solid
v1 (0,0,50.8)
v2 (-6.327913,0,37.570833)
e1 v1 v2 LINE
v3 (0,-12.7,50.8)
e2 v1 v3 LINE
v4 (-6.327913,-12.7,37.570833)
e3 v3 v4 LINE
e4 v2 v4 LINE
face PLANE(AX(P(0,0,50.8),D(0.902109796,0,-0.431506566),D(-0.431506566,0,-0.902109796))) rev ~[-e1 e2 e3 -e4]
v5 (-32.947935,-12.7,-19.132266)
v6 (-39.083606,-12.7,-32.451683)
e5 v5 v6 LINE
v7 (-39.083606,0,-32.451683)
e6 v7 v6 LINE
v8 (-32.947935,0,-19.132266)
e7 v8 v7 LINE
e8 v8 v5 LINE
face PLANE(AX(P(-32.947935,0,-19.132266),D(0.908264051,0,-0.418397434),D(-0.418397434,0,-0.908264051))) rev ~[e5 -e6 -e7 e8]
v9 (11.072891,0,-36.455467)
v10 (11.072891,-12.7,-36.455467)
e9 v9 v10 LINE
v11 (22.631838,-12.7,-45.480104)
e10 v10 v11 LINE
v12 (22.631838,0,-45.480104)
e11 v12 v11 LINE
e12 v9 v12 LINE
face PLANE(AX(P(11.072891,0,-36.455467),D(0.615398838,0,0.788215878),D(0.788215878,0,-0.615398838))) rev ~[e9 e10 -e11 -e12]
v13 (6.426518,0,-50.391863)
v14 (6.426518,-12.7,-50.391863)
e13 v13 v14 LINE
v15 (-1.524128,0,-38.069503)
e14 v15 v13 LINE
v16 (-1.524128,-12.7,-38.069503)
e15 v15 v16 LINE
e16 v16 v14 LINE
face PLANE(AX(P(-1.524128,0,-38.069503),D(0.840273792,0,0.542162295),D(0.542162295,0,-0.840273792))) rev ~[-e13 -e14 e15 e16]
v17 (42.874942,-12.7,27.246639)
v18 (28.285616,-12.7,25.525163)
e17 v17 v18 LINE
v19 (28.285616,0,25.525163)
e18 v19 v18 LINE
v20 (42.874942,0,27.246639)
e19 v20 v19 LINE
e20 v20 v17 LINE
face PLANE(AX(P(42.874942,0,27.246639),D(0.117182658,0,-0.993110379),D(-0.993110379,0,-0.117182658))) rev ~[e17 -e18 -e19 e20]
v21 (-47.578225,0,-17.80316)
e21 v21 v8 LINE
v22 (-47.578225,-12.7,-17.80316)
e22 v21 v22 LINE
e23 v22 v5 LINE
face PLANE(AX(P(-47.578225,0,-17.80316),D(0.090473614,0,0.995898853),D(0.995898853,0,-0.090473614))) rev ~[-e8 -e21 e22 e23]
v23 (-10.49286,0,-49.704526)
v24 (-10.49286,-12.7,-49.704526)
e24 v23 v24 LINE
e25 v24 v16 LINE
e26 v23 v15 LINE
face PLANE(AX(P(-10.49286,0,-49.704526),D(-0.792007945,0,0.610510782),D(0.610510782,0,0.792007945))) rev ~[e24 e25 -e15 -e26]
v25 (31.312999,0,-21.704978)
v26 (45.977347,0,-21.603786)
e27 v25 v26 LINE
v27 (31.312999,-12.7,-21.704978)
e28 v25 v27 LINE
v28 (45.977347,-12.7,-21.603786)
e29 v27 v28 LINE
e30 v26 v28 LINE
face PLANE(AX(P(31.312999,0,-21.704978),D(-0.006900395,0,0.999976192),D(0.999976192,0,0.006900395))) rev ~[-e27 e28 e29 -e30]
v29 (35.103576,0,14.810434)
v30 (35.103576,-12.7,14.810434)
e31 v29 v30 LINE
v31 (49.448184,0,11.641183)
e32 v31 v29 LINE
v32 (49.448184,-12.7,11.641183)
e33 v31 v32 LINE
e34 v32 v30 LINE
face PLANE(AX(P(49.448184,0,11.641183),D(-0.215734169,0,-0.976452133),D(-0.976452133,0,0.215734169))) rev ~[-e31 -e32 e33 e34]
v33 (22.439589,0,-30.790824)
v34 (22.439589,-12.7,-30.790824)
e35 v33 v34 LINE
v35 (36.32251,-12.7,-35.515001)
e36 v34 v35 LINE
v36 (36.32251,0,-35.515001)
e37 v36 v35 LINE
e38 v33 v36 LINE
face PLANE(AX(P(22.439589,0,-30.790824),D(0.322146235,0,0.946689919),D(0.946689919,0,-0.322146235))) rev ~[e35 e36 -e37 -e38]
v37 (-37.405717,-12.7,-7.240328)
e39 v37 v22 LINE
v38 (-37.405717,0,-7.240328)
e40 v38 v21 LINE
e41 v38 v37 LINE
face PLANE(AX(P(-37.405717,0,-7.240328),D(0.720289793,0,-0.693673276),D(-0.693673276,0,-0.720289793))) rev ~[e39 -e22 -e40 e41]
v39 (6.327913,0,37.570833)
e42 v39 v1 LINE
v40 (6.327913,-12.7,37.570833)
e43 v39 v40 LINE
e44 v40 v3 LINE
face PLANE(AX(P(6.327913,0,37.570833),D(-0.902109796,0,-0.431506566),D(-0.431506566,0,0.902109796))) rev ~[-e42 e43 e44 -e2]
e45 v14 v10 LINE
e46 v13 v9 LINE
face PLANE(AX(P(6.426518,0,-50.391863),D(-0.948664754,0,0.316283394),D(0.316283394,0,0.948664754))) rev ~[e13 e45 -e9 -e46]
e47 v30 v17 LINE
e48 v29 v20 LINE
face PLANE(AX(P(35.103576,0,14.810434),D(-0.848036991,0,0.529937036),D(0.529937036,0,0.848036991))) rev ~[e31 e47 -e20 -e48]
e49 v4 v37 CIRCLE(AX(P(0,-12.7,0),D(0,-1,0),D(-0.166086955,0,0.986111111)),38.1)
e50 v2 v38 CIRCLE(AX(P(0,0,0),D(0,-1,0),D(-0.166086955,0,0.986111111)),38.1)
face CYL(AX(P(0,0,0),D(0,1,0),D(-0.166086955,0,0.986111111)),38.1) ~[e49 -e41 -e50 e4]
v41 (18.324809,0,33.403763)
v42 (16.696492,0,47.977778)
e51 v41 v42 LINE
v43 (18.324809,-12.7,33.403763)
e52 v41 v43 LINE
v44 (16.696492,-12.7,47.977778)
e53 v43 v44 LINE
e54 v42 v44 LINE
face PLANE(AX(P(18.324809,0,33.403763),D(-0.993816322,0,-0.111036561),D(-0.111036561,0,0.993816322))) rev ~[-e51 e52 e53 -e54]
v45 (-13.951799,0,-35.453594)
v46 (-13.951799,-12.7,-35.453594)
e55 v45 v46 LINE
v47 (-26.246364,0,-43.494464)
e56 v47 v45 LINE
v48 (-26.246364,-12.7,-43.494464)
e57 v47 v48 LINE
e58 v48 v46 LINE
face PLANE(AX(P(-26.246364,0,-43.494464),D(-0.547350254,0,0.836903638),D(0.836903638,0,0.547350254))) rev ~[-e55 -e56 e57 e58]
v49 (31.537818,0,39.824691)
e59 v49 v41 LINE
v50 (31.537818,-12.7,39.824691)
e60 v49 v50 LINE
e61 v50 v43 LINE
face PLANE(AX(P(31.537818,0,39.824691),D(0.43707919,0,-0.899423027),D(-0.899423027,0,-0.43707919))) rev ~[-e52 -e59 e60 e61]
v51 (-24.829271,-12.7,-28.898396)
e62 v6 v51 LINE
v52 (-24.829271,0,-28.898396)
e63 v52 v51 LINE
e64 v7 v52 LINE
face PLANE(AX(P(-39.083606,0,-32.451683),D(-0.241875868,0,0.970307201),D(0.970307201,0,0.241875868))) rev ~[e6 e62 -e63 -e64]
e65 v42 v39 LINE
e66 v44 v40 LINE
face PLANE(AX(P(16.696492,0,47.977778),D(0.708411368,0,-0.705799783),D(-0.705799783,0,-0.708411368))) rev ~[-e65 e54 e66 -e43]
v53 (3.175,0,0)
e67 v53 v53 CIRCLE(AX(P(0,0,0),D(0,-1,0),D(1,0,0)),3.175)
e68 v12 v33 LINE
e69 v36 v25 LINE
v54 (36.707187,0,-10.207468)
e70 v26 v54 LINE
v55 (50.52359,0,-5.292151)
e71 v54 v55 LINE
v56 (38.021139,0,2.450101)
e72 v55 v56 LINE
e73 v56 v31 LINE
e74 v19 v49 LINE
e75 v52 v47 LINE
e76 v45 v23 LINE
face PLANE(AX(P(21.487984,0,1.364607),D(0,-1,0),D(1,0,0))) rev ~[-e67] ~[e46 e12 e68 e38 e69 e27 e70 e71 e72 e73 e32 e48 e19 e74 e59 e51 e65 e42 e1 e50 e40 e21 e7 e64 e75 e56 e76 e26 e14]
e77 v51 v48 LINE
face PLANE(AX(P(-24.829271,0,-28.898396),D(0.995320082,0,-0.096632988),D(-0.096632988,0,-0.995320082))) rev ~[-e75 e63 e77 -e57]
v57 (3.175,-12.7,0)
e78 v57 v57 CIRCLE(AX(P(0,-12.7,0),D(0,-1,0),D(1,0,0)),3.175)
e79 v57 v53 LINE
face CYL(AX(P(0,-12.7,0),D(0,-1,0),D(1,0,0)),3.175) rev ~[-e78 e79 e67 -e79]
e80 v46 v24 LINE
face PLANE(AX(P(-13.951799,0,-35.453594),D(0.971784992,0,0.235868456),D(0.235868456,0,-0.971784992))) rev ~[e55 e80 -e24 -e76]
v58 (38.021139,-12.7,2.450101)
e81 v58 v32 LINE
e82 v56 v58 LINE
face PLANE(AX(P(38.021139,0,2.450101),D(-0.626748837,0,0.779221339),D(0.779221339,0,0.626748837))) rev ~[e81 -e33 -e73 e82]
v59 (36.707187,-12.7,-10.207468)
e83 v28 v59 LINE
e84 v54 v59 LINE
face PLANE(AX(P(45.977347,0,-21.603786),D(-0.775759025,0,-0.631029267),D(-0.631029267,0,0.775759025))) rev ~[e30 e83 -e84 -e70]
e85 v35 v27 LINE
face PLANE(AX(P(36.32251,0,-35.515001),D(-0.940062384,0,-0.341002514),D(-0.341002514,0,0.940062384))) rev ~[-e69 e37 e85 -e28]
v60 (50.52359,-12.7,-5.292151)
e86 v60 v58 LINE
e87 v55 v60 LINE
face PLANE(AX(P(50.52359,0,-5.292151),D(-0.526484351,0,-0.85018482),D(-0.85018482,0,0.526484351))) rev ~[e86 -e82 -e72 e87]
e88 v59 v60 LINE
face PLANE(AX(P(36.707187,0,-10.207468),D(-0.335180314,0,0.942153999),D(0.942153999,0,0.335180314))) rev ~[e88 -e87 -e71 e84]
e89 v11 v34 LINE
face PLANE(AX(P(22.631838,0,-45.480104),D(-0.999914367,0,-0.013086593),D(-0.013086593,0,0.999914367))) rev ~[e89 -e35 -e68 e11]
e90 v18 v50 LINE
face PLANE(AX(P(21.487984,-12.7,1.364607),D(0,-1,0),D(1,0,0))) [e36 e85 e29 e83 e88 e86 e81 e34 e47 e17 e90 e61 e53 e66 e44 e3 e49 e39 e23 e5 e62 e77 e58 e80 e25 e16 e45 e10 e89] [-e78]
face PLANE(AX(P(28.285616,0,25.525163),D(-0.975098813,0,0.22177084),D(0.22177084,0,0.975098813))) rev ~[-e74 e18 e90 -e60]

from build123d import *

# Parameters (mm, degrees)
F1_DEPTH = 12.7
F2_R     = 3.175
F3_DEPTH = 25.4


with BuildPart() as f1:
    # F0 (on Front) → F1 (new body)
    with BuildSketch(Plane.XZ):
        with BuildLine():
            ThreePointArc((37.8926924679, -3.9691129401), (38.0481378193, -1.9872615545), (38.1, 0))
            ThreePointArc((38.1, 0), (38.0802796265, 1.2256849392), (38.0211389202, 2.4501010613))
            ThreePointArc((38.0211389202, 2.4501010613), (37.6847159913, 5.6100071882), (37.0861377222, 8.7308870599))
            Line((37.0861377222, 8.7308870599), (0, 0))
            Line((0, 0), (37.8926924679, -3.9691129401))
        make_face()
        with BuildLine():
            ThreePointArc((38.0211389202, 2.4501010613), (38.0802796265, 1.2256849392), (38.1, 0))
            ThreePointArc((38.1, 0), (38.0481378193, -1.9872615545), (37.8926924679, -3.9691129401))
            Line((37.8926924679, -3.9691129401), (50.5235899572, -5.2921505868))
            Line((50.5235899572, -5.2921505868), (38.0211389202, 2.4501010613))
        make_face()
        with BuildLine():
            ThreePointArc((37.0861377222, 8.7308870599), (37.6847159913, 5.6100071882), (38.0211389202, 2.4501010613))
            Line((38.0211389202, 2.4501010613), (49.4481836296, 11.6411827465))
            Line((49.4481836296, 11.6411827465), (37.0861377222, 8.7308870599))
        make_face()
        with BuildLine():
            Line((50.5235899572, -5.2921505868), (37.8926924679, -3.9691129401))
            ThreePointArc((37.8926924679, -3.9691129401), (37.4301319875, -7.1130316604), (36.7071871912, -10.2074682713))
            Line((36.7071871912, -10.2074682713), (50.5235899572, -5.2921505868))
        make_face()
        with BuildLine():
            ThreePointArc((36.7071871912, -10.2074682713), (37.4301319875, -7.1130316604), (37.8926924679, -3.9691129401))
            Line((37.8926924679, -3.9691129401), (0, 0))
            Line((0, 0), (34.4830101741, -16.2028395455))
            ThreePointArc((34.4830101741, -16.2028395455), (35.7211025782, -13.2518991317), (36.7071871912, -10.2074682713))
        make_face()
        with BuildLine():
            Line((0, 0), (37.0861377222, 8.7308870599))
            ThreePointArc((37.0861377222, 8.7308870599), (36.22262987, 11.8123276834), (35.103576016, 14.8104338522))
            ThreePointArc((35.103576016, 14.8104338522), (33.7472734302, 17.6842171449), (32.1562064918, 20.4349794239))
            Line((32.1562064918, 20.4349794239), (0, 0))
        make_face()
        with BuildLine():
            ThreePointArc((35.103576016, 14.8104338522), (36.22262987, 11.8123276834), (37.0861377222, 8.7308870599))
            Line((37.0861377222, 8.7308870599), (49.4481836296, 11.6411827465))
            Line((49.4481836296, 11.6411827465), (35.103576016, 14.8104338522))
        make_face()
        with BuildLine():
            Line((45.9773468987, -21.6037860606), (36.7071871912, -10.2074682713))
            ThreePointArc((36.7071871912, -10.2074682713), (35.7211025782, -13.2518991317), (34.4830101741, -16.2028395455))
            Line((34.4830101741, -16.2028395455), (45.9773468987, -21.6037860606))
        make_face()
        with BuildLine():
            Line((-35.6836687657, -13.3523699552), (0, 0))
            Line((0, 0), (12.5223688742, 35.9833333333))
            ThreePointArc((12.5223688742, 35.9833333333), (9.4585051951, 36.9072713632), (6.3279129766, 37.5708333333))
            ThreePointArc((6.3279129766, 37.5708333333), (3.175, 37.9674778593), (0, 38.1))
            ThreePointArc((0, 38.1), (-3.175, 37.9674778593), (-6.3279129766, 37.5708333333))
            ThreePointArc((-6.3279129766, 37.5708333333), (-31.3076292243, 21.7127232827), (-37.4057167198, -7.2403284924))
            ThreePointArc((-37.4057167198, -7.2403284924), (-36.6722487771, -10.3322877248), (-35.6836687657, -13.3523699552))
        make_face()
        with BuildLine():
            Line((12.5223688742, 35.9833333333), (0, 0))
            Line((0, 0), (23.6533634291, 29.8685185185))
            ThreePointArc((23.6533634291, 29.8685185185), (21.0633861266, 31.7481301006), (18.3248093399, 33.403762702))
            ThreePointArc((18.3248093399, 33.403762702), (15.4774237877, 34.8146427943), (12.5223688742, 35.9833333333))
        make_face()
        with BuildLine():
            Line((23.6533634291, 29.8685185185), (0, 0))
            Line((0, 0), (32.1562064918, 20.4349794239))
            ThreePointArc((32.1562064918, 20.4349794239), (30.3278908217, 23.0614188268), (28.2856157767, 25.5251628816))
            ThreePointArc((28.2856157767, 25.5251628816), (26.0601338212, 27.7935140855), (23.6533634291, 29.8685185185))
        make_face()
        with BuildLine():
            Line((34.4830101741, -16.2028395455), (0, 0))
            Line((0, 0), (27.2418823053, -26.6362506458))
            ThreePointArc((27.2418823053, -26.6362506458), (29.3810806272, -24.2561765573), (31.3129991985, -21.7049782583))
            ThreePointArc((31.3129991985, -21.7049782583), (33.0128322769, -19.0200658531), (34.4830101741, -16.2028395455))
        make_face()
        with BuildLine():
            Line((27.2418823053, -26.6362506458), (0, 0))
            Line((0, 0), (16.9738786248, -34.110078341))
            ThreePointArc((16.9738786248, -34.110078341), (19.776494162, -32.5653232543), (22.4395890727, -30.7908239943))
            ThreePointArc((22.4395890727, -30.7908239943), (24.9274400911, -28.8137593955), (27.2418823053, -26.6362506458))
        make_face()
        with BuildLine():
            Line((16.9738786248, -34.110078341), (0, 0))
            Line((0, 0), (4.8198884305, -37.7938973317))
            ThreePointArc((4.8198884305, -37.7938973317), (7.9745194566, -37.2561007009), (11.0728912721, -36.4554670643))
            ThreePointArc((11.0728912721, -36.4554670643), (14.0723323397, -35.4059241162), (16.9738786248, -34.110078341))
        make_face()
        with BuildLine():
            Line((4.8198884305, -37.7938973317), (0, 0))
            Line((0, 0), (-7.8696449228, -37.2783943966))
            ThreePointArc((-7.8696449228, -37.2783943966), (-4.7135129662, -37.8073114029), (-1.5241277809, -38.0695026827))
            ThreePointArc((-1.5241277809, -38.0695026827), (1.6536321061, -38.0640972684), (4.8198884305, -37.7938973317))
        make_face()
        with BuildLine():
            Line((-7.8696449228, -37.2783943966), (0, 0))
            Line((0, 0), (-19.6847732846, -32.6208476397))
            ThreePointArc((-19.6847732846, -32.6208476397), (-16.8778217261, -34.1577097268), (-13.9517993027, -35.4535935586))
            ThreePointArc((-13.9517993027, -35.4535935586), (-10.9488050282, -36.4929262797), (-7.8696449228, -37.2783943966))
        make_face()
        with BuildLine():
            Line((-19.6847732846, -32.6208476397), (0, 0))
            Line((0, 0), (-29.3127046149, -24.3387622561))
            ThreePointArc((-29.3127046149, -24.3387622561), (-27.1668169608, -26.71280697), (-24.829270902, -28.8983962613))
            ThreePointArc((-24.829270902, -28.8983962613), (-22.3347082705, -30.8669857043), (-19.6847732846, -32.6208476397))
        make_face()
        with BuildLine():
            Line((-29.3127046149, -24.3387622561), (0, 0))
            Line((0, 0), (-35.6836687657, -13.3523699552))
            ThreePointArc((-35.6836687657, -13.3523699552), (-34.4372769777, -16.2998145498), (-32.9479346233, -19.1322660461))
            ThreePointArc((-32.9479346233, -19.1322660461), (-31.2389772605, -21.8113800507), (-29.3127046149, -24.3387622561))
        make_face()
        with BuildLine():
            ThreePointArc((32.1562064918, 20.4349794239), (33.7472734302, 17.6842171449), (35.103576016, 14.8104338522))
            Line((35.103576016, 14.8104338522), (42.8749419891, 27.2466392318))
            Line((42.8749419891, 27.2466392318), (32.1562064918, 20.4349794239))
        make_face()
        with BuildLine():
            Line((45.9773468987, -21.6037860606), (34.4830101741, -16.2028395455))
            ThreePointArc((34.4830101741, -16.2028395455), (33.0128322769, -19.0200658531), (31.3129991985, -21.7049782583))
            Line((31.3129991985, -21.7049782583), (45.9773468987, -21.6037860606))
        make_face()
        with BuildLine():
            Line((16.6964918323, 47.9777777778), (12.5223688742, 35.9833333333))
            ThreePointArc((12.5223688742, 35.9833333333), (15.4774237877, 34.8146427943), (18.3248093399, 33.403762702))
            Line((18.3248093399, 33.403762702), (16.6964918323, 47.9777777778))
        make_face()
        with BuildLine():
            ThreePointArc((6.3279129766, 37.5708333333), (9.4585051951, 36.9072713632), (12.5223688742, 35.9833333333))
            Line((12.5223688742, 35.9833333333), (16.6964918323, 47.9777777778))
            Line((16.6964918323, 47.9777777778), (6.3279129766, 37.5708333333))
        make_face()
        with BuildLine():
            Line((31.5378179055, 39.824691358), (23.6533634291, 29.8685185185))
            ThreePointArc((23.6533634291, 29.8685185185), (26.0601338212, 27.7935140855), (28.2856157767, 25.5251628816))
            Line((28.2856157767, 25.5251628816), (31.5378179055, 39.824691358))
        make_face()
        with BuildLine():
            ThreePointArc((18.3248093399, 33.403762702), (21.0633861266, 31.7481301006), (23.6533634291, 29.8685185185))
            Line((23.6533634291, 29.8685185185), (31.5378179055, 39.824691358))
            Line((31.5378179055, 39.824691358), (18.3248093399, 33.403762702))
        make_face()
        with BuildLine():
            ThreePointArc((28.2856157767, 25.5251628816), (30.3278908217, 23.0614188268), (32.1562064918, 20.4349794239))
            Line((32.1562064918, 20.4349794239), (42.8749419891, 27.2466392318))
            Line((42.8749419891, 27.2466392318), (28.2856157767, 25.5251628816))
        make_face()
        with BuildLine():
            Line((36.3225097404, -35.515000861), (27.2418823053, -26.6362506458))
            ThreePointArc((27.2418823053, -26.6362506458), (24.9274400911, -28.8137593955), (22.4395890727, -30.7908239943))
            Line((22.4395890727, -30.7908239943), (36.3225097404, -35.515000861))
        make_face()
        with BuildLine():
            ThreePointArc((31.3129991985, -21.7049782583), (29.3810806272, -24.2561765573), (27.2418823053, -26.6362506458))
            Line((27.2418823053, -26.6362506458), (36.3225097404, -35.515000861))
            Line((36.3225097404, -35.515000861), (31.3129991985, -21.7049782583))
        make_face()
        with BuildLine():
            Line((22.6318381664, -45.4801044547), (16.9738786248, -34.110078341))
            ThreePointArc((16.9738786248, -34.110078341), (14.0723323397, -35.4059241162), (11.0728912721, -36.4554670643))
            Line((11.0728912721, -36.4554670643), (22.6318381664, -45.4801044547))
        make_face()
        with BuildLine():
            ThreePointArc((22.4395890727, -30.7908239943), (19.776494162, -32.5653232543), (16.9738786248, -34.110078341))
            Line((16.9738786248, -34.110078341), (22.6318381664, -45.4801044547))
            Line((22.6318381664, -45.4801044547), (22.4395890727, -30.7908239943))
        make_face()
        with BuildLine():
            Line((6.4265179073, -50.3918631089), (4.8198884305, -37.7938973317))
            ThreePointArc((4.8198884305, -37.7938973317), (1.6536321061, -38.0640972684), (-1.5241277809, -38.0695026827))
            Line((-1.5241277809, -38.0695026827), (6.4265179073, -50.3918631089))
        make_face()
        with BuildLine():
            ThreePointArc((11.0728912721, -36.4554670643), (7.9745194566, -37.2561007009), (4.8198884305, -37.7938973317))
            Line((4.8198884305, -37.7938973317), (6.4265179073, -50.3918631089))
            Line((6.4265179073, -50.3918631089), (11.0728912721, -36.4554670643))
        make_face()
        with BuildLine():
            Line((-10.4928598971, -49.7045258621), (-7.8696449228, -37.2783943966))
            ThreePointArc((-7.8696449228, -37.2783943966), (-10.9488050282, -36.4929262797), (-13.9517993027, -35.4535935586))
            Line((-13.9517993027, -35.4535935586), (-10.4928598971, -49.7045258621))
        make_face()
        with BuildLine():
            ThreePointArc((-1.5241277809, -38.0695026827), (-4.7135129662, -37.8073114029), (-7.8696449228, -37.2783943966))
            Line((-7.8696449228, -37.2783943966), (-10.4928598971, -49.7045258621))
            Line((-10.4928598971, -49.7045258621), (-1.5241277809, -38.0695026827))
        make_face()
        with BuildLine():
            Line((-26.2463643795, -43.4944635196), (-19.6847732846, -32.6208476397))
            ThreePointArc((-19.6847732846, -32.6208476397), (-22.3347082705, -30.8669857043), (-24.829270902, -28.8983962613))
            Line((-24.829270902, -28.8983962613), (-26.2463643795, -43.4944635196))
        make_face()
        with BuildLine():
            ThreePointArc((-13.9517993027, -35.4535935586), (-16.8778217261, -34.1577097268), (-19.6847732846, -32.6208476397))
            Line((-19.6847732846, -32.6208476397), (-26.2463643795, -43.4944635196))
            Line((-26.2463643795, -43.4944635196), (-13.9517993027, -35.4535935586))
        make_face()
        with BuildLine():
            Line((-39.0836061532, -32.4516830082), (-29.3127046149, -24.3387622561))
            ThreePointArc((-29.3127046149, -24.3387622561), (-31.2389772605, -21.8113800507), (-32.9479346233, -19.1322660461))
            Line((-32.9479346233, -19.1322660461), (-39.0836061532, -32.4516830082))
        make_face()
        with BuildLine():
            ThreePointArc((-24.829270902, -28.8983962613), (-27.1668169608, -26.71280697), (-29.3127046149, -24.3387622561))
            Line((-29.3127046149, -24.3387622561), (-39.0836061532, -32.4516830082))
            Line((-39.0836061532, -32.4516830082), (-24.829270902, -28.8983962613))
        make_face()
        with BuildLine():
            Line((-47.5782250209, -17.8031599403), (-35.6836687657, -13.3523699552))
            ThreePointArc((-35.6836687657, -13.3523699552), (-36.6722487771, -10.3322877248), (-37.4057167198, -7.2403284924))
            Line((-37.4057167198, -7.2403284924), (-47.5782250209, -17.8031599403))
        make_face()
        with BuildLine():
            ThreePointArc((-32.9479346233, -19.1322660461), (-34.4372769777, -16.2998145498), (-35.6836687657, -13.3523699552))
            Line((-35.6836687657, -13.3523699552), (-47.5782250209, -17.8031599403))
            Line((-47.5782250209, -17.8031599403), (-32.9479346233, -19.1322660461))
        make_face()
        with BuildLine():
            ThreePointArc((0, 38.1), (3.175, 37.9674778593), (6.3279129766, 37.5708333333))
            Line((6.3279129766, 37.5708333333), (0, 50.8))
            Line((0, 50.8), (0, 38.1))
        make_face()
        with BuildLine():
            ThreePointArc((-6.3279129766, 37.5708333333), (-3.175, 37.9674778593), (0, 38.1))
            Line((0, 38.1), (0, 50.8))
            Line((0, 50.8), (-6.3279129766, 37.5708333333))
        make_face()
    extrude(amount=F1_DEPTH)

    # F2 (on face) → F3 (cut)
    with BuildSketch(Plane.XZ.offset(12.7)):
        Circle(F2_R)
    extrude(amount=-F3_DEPTH, mode=Mode.SUBTRACT)


solid = f1.part
